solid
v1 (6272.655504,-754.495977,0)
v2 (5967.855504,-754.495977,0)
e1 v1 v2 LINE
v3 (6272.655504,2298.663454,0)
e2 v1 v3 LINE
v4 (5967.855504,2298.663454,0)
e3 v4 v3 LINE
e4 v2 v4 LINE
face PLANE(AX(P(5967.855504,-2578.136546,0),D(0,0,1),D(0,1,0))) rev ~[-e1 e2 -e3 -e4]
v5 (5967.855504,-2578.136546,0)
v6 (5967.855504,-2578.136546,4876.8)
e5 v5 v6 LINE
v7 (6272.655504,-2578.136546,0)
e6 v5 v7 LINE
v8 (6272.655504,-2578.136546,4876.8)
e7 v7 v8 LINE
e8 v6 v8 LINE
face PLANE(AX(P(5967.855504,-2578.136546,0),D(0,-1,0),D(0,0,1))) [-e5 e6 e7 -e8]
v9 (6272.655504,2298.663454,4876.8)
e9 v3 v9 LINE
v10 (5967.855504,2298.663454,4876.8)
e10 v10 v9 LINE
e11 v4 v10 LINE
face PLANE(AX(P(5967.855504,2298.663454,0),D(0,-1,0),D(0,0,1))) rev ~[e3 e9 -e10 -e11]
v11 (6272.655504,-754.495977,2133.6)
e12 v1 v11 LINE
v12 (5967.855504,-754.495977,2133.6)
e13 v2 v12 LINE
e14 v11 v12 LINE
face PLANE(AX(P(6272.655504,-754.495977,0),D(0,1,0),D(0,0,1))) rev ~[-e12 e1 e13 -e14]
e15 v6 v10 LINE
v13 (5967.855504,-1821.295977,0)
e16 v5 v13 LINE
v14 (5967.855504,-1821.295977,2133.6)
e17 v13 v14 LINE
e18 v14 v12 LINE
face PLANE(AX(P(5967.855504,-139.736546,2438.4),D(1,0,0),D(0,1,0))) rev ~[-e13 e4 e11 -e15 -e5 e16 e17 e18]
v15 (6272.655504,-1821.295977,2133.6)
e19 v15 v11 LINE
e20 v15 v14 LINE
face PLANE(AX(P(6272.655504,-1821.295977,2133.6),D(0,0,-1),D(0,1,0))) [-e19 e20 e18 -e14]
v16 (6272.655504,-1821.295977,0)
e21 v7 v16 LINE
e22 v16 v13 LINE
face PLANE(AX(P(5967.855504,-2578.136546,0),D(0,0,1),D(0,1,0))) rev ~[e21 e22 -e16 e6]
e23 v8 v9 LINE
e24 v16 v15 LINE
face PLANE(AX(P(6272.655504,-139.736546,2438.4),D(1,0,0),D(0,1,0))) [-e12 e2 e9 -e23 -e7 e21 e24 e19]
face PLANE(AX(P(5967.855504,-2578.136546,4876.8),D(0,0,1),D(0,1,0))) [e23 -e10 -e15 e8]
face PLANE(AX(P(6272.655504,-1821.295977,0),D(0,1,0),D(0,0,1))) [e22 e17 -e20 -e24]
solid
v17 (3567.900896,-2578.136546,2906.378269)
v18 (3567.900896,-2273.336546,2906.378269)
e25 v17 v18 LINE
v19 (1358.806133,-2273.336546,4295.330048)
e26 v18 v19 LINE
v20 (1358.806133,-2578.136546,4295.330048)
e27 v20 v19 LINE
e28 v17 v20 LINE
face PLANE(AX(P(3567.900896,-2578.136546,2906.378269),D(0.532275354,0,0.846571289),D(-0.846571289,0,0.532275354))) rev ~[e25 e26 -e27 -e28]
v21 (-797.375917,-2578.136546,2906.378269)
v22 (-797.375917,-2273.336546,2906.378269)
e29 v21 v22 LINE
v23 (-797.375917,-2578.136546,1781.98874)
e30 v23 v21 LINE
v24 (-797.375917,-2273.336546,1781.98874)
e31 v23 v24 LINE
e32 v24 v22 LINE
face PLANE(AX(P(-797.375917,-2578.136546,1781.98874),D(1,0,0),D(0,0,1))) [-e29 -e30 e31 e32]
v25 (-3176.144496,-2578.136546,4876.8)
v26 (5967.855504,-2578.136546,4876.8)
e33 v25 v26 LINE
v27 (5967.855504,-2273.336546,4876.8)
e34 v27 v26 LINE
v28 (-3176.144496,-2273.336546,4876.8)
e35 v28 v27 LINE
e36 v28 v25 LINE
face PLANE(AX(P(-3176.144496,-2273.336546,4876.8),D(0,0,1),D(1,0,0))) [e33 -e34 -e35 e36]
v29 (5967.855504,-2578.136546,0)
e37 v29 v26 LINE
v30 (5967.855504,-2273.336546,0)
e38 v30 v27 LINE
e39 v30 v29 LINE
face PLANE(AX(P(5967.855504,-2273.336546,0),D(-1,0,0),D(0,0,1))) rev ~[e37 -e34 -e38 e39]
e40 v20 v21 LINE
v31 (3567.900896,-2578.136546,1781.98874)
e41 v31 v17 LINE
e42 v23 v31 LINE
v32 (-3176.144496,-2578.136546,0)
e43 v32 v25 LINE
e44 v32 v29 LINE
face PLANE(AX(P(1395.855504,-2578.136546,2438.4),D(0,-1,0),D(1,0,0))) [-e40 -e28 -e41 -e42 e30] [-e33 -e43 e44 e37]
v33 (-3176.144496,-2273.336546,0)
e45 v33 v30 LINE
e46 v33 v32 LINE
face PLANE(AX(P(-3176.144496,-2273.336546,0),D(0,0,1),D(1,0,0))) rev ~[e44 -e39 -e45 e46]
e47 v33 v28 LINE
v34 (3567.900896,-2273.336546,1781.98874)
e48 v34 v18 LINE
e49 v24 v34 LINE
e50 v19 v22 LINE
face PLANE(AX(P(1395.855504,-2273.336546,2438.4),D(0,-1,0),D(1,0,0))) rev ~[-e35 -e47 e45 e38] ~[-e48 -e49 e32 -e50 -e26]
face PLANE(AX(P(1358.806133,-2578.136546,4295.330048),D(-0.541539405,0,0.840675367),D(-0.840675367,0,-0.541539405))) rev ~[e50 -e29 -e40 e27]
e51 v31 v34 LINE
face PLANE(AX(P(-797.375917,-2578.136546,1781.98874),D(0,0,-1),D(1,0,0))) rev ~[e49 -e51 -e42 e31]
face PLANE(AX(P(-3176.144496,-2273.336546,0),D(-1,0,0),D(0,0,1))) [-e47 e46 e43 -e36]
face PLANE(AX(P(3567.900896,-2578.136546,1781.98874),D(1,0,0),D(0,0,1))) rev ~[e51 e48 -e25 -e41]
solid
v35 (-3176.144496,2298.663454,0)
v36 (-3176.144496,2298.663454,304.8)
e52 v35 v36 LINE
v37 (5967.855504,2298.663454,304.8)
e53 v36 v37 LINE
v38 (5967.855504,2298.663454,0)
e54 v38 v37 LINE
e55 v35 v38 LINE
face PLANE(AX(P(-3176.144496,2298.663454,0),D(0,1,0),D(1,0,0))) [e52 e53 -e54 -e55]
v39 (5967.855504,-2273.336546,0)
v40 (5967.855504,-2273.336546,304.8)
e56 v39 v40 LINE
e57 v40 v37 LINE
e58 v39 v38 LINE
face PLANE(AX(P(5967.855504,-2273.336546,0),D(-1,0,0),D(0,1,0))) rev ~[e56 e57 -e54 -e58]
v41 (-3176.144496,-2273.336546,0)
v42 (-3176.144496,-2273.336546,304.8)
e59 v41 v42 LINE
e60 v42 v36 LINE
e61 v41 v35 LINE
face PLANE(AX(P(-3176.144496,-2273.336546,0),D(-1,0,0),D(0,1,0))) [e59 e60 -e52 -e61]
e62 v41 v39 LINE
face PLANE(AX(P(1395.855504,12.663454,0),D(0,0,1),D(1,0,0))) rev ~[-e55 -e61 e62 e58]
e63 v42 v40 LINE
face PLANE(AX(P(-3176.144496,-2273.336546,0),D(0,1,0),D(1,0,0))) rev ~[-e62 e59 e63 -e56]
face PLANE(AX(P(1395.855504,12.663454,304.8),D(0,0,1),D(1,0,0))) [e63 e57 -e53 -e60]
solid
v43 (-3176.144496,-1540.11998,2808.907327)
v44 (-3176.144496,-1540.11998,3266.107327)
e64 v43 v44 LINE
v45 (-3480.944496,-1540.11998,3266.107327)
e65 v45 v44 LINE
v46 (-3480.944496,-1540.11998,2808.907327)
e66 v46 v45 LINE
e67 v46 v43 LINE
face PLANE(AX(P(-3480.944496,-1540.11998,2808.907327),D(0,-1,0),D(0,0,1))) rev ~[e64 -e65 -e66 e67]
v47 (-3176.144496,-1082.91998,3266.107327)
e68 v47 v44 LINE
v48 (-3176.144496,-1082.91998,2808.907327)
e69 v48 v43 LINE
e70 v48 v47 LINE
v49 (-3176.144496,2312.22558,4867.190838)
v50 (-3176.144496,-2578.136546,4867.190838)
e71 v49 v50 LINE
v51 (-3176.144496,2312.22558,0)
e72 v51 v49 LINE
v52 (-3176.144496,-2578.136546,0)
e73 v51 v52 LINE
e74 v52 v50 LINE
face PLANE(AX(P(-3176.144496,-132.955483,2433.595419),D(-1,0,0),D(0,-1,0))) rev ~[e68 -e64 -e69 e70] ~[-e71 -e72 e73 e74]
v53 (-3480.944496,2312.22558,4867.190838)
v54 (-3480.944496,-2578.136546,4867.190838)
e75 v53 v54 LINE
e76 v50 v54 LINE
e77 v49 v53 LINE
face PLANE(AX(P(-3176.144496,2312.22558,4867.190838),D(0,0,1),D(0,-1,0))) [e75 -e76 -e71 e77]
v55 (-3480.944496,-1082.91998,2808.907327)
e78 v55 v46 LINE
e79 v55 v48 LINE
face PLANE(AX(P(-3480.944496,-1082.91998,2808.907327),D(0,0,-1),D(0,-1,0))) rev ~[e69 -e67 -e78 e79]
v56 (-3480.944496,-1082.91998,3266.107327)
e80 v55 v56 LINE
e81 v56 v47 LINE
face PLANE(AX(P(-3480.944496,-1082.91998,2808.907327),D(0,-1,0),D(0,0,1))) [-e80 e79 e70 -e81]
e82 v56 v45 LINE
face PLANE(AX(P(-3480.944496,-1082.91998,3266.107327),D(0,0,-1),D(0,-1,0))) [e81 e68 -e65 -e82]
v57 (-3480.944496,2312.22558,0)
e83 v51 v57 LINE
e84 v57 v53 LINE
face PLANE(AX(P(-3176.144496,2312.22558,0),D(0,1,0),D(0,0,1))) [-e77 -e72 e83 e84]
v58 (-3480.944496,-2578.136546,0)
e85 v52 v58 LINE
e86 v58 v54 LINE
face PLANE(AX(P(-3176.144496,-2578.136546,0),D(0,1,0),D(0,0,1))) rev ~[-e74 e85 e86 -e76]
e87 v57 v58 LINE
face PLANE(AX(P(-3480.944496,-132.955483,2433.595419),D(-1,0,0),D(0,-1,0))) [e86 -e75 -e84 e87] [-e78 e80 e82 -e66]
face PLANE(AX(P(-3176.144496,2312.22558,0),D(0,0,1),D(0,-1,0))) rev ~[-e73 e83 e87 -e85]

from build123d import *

# Parameters (mm, degrees)
F0_W      = 9144
F0_H      = 4572
F1_DEPTH  = 304.8
F2_W      = 9144
F2_H      = 4876.8
F3_DEPTH  = 304.8
F4_W      = 4876.8
F4_H      = 4876.8
F5_DEPTH  = 304.8
F6_W      = 4890.3621263981
F6_H      = 4867.1908378601
F7_DEPTH  = 304.8
F8_W      = 457.2
F8_H      = 457.2
F9_DEPTH  = 609.6
F10_W     = 1066.8
F10_H     = 2133.6
F11_DEPTH = 304.8
F12_W     = 2156.182050705
F12_H     = 1124.3895292282
F12_W_2   = 2209.0947628021
F13_DEPTH = 304.8


with BuildPart() as f1:
    # F0 (on Top) → F1 (new body)
    with BuildSketch(Plane.XY):
        with Locations((1395.8555042158, 12.6634538174)):
            Rectangle(F0_W, F0_H)
    extrude(amount=F1_DEPTH)


with BuildPart() as f3:
    # F2 (on face) → F3 (new body)
    with BuildSketch(Plane.XZ.offset(2273.3365461826)):
        with Locations((1395.8555042158, 2438.4)):
            Rectangle(F2_W, F2_H)
    extrude(amount=F3_DEPTH)

    # F12 (on face) → F13 (cut)
    with BuildSketch(Plane.XZ.offset(2578.1365461826)):
        Polygon((1358.8061332703, 4295.3300476074), (-797.3759174347, 2906.3782691956), (1358.8061332703, 2906.3782691956), (3567.9008960724, 2906.3782691956), align=None)
        with Locations((280.7151079178, 2344.1835045815)):
            Rectangle(F12_W, F12_H)
        with Locations((2463.3535146713, 2344.1835045815)):
            Rectangle(F12_W_2, F12_H)
    extrude(amount=-F13_DEPTH, mode=Mode.SUBTRACT)


with BuildPart() as f5:
    # F4 (on face) → F5 (new body)
    with BuildSketch(Plane.YZ.offset(5967.8555042158)):
        with Locations((-139.7365461826, 2438.4)):
            Rectangle(F4_W, F4_H)
    extrude(amount=F5_DEPTH)

    # F10 (on face) → F11 (cut)
    with BuildSketch(Plane.YZ.offset(6272.6555042158)):
        with Locations((-1287.8959766388, 1066.8)):
            Rectangle(F10_W, F10_H)
    extrude(amount=-F11_DEPTH, mode=Mode.SUBTRACT)


with BuildPart() as f7:
    # F6 (on face) → F7 (new body)
    with BuildSketch(Plane(origin=(-3176.1444957842, 0, 0), x_dir=(0, -1, 0), z_dir=(-1, 0, 0))):
        with Locations((132.9554829836, 2433.5954189301)):
            Rectangle(F6_W, F6_H)
    extrude(amount=F7_DEPTH)

    # F8 (on face) → F9 (cut)
    with BuildSketch(Plane(origin=(-3480.9444957842, 0, 0), x_dir=(0, -1, 0), z_dir=(-1, 0, 0))):
        with Locations((1311.5199804306, 3037.5073265517)):
            Rectangle(F8_W, F8_H)
    extrude(amount=-F9_DEPTH, mode=Mode.SUBTRACT)


solid = Compound([f1.part, f3.part, f5.part, f7.part])
